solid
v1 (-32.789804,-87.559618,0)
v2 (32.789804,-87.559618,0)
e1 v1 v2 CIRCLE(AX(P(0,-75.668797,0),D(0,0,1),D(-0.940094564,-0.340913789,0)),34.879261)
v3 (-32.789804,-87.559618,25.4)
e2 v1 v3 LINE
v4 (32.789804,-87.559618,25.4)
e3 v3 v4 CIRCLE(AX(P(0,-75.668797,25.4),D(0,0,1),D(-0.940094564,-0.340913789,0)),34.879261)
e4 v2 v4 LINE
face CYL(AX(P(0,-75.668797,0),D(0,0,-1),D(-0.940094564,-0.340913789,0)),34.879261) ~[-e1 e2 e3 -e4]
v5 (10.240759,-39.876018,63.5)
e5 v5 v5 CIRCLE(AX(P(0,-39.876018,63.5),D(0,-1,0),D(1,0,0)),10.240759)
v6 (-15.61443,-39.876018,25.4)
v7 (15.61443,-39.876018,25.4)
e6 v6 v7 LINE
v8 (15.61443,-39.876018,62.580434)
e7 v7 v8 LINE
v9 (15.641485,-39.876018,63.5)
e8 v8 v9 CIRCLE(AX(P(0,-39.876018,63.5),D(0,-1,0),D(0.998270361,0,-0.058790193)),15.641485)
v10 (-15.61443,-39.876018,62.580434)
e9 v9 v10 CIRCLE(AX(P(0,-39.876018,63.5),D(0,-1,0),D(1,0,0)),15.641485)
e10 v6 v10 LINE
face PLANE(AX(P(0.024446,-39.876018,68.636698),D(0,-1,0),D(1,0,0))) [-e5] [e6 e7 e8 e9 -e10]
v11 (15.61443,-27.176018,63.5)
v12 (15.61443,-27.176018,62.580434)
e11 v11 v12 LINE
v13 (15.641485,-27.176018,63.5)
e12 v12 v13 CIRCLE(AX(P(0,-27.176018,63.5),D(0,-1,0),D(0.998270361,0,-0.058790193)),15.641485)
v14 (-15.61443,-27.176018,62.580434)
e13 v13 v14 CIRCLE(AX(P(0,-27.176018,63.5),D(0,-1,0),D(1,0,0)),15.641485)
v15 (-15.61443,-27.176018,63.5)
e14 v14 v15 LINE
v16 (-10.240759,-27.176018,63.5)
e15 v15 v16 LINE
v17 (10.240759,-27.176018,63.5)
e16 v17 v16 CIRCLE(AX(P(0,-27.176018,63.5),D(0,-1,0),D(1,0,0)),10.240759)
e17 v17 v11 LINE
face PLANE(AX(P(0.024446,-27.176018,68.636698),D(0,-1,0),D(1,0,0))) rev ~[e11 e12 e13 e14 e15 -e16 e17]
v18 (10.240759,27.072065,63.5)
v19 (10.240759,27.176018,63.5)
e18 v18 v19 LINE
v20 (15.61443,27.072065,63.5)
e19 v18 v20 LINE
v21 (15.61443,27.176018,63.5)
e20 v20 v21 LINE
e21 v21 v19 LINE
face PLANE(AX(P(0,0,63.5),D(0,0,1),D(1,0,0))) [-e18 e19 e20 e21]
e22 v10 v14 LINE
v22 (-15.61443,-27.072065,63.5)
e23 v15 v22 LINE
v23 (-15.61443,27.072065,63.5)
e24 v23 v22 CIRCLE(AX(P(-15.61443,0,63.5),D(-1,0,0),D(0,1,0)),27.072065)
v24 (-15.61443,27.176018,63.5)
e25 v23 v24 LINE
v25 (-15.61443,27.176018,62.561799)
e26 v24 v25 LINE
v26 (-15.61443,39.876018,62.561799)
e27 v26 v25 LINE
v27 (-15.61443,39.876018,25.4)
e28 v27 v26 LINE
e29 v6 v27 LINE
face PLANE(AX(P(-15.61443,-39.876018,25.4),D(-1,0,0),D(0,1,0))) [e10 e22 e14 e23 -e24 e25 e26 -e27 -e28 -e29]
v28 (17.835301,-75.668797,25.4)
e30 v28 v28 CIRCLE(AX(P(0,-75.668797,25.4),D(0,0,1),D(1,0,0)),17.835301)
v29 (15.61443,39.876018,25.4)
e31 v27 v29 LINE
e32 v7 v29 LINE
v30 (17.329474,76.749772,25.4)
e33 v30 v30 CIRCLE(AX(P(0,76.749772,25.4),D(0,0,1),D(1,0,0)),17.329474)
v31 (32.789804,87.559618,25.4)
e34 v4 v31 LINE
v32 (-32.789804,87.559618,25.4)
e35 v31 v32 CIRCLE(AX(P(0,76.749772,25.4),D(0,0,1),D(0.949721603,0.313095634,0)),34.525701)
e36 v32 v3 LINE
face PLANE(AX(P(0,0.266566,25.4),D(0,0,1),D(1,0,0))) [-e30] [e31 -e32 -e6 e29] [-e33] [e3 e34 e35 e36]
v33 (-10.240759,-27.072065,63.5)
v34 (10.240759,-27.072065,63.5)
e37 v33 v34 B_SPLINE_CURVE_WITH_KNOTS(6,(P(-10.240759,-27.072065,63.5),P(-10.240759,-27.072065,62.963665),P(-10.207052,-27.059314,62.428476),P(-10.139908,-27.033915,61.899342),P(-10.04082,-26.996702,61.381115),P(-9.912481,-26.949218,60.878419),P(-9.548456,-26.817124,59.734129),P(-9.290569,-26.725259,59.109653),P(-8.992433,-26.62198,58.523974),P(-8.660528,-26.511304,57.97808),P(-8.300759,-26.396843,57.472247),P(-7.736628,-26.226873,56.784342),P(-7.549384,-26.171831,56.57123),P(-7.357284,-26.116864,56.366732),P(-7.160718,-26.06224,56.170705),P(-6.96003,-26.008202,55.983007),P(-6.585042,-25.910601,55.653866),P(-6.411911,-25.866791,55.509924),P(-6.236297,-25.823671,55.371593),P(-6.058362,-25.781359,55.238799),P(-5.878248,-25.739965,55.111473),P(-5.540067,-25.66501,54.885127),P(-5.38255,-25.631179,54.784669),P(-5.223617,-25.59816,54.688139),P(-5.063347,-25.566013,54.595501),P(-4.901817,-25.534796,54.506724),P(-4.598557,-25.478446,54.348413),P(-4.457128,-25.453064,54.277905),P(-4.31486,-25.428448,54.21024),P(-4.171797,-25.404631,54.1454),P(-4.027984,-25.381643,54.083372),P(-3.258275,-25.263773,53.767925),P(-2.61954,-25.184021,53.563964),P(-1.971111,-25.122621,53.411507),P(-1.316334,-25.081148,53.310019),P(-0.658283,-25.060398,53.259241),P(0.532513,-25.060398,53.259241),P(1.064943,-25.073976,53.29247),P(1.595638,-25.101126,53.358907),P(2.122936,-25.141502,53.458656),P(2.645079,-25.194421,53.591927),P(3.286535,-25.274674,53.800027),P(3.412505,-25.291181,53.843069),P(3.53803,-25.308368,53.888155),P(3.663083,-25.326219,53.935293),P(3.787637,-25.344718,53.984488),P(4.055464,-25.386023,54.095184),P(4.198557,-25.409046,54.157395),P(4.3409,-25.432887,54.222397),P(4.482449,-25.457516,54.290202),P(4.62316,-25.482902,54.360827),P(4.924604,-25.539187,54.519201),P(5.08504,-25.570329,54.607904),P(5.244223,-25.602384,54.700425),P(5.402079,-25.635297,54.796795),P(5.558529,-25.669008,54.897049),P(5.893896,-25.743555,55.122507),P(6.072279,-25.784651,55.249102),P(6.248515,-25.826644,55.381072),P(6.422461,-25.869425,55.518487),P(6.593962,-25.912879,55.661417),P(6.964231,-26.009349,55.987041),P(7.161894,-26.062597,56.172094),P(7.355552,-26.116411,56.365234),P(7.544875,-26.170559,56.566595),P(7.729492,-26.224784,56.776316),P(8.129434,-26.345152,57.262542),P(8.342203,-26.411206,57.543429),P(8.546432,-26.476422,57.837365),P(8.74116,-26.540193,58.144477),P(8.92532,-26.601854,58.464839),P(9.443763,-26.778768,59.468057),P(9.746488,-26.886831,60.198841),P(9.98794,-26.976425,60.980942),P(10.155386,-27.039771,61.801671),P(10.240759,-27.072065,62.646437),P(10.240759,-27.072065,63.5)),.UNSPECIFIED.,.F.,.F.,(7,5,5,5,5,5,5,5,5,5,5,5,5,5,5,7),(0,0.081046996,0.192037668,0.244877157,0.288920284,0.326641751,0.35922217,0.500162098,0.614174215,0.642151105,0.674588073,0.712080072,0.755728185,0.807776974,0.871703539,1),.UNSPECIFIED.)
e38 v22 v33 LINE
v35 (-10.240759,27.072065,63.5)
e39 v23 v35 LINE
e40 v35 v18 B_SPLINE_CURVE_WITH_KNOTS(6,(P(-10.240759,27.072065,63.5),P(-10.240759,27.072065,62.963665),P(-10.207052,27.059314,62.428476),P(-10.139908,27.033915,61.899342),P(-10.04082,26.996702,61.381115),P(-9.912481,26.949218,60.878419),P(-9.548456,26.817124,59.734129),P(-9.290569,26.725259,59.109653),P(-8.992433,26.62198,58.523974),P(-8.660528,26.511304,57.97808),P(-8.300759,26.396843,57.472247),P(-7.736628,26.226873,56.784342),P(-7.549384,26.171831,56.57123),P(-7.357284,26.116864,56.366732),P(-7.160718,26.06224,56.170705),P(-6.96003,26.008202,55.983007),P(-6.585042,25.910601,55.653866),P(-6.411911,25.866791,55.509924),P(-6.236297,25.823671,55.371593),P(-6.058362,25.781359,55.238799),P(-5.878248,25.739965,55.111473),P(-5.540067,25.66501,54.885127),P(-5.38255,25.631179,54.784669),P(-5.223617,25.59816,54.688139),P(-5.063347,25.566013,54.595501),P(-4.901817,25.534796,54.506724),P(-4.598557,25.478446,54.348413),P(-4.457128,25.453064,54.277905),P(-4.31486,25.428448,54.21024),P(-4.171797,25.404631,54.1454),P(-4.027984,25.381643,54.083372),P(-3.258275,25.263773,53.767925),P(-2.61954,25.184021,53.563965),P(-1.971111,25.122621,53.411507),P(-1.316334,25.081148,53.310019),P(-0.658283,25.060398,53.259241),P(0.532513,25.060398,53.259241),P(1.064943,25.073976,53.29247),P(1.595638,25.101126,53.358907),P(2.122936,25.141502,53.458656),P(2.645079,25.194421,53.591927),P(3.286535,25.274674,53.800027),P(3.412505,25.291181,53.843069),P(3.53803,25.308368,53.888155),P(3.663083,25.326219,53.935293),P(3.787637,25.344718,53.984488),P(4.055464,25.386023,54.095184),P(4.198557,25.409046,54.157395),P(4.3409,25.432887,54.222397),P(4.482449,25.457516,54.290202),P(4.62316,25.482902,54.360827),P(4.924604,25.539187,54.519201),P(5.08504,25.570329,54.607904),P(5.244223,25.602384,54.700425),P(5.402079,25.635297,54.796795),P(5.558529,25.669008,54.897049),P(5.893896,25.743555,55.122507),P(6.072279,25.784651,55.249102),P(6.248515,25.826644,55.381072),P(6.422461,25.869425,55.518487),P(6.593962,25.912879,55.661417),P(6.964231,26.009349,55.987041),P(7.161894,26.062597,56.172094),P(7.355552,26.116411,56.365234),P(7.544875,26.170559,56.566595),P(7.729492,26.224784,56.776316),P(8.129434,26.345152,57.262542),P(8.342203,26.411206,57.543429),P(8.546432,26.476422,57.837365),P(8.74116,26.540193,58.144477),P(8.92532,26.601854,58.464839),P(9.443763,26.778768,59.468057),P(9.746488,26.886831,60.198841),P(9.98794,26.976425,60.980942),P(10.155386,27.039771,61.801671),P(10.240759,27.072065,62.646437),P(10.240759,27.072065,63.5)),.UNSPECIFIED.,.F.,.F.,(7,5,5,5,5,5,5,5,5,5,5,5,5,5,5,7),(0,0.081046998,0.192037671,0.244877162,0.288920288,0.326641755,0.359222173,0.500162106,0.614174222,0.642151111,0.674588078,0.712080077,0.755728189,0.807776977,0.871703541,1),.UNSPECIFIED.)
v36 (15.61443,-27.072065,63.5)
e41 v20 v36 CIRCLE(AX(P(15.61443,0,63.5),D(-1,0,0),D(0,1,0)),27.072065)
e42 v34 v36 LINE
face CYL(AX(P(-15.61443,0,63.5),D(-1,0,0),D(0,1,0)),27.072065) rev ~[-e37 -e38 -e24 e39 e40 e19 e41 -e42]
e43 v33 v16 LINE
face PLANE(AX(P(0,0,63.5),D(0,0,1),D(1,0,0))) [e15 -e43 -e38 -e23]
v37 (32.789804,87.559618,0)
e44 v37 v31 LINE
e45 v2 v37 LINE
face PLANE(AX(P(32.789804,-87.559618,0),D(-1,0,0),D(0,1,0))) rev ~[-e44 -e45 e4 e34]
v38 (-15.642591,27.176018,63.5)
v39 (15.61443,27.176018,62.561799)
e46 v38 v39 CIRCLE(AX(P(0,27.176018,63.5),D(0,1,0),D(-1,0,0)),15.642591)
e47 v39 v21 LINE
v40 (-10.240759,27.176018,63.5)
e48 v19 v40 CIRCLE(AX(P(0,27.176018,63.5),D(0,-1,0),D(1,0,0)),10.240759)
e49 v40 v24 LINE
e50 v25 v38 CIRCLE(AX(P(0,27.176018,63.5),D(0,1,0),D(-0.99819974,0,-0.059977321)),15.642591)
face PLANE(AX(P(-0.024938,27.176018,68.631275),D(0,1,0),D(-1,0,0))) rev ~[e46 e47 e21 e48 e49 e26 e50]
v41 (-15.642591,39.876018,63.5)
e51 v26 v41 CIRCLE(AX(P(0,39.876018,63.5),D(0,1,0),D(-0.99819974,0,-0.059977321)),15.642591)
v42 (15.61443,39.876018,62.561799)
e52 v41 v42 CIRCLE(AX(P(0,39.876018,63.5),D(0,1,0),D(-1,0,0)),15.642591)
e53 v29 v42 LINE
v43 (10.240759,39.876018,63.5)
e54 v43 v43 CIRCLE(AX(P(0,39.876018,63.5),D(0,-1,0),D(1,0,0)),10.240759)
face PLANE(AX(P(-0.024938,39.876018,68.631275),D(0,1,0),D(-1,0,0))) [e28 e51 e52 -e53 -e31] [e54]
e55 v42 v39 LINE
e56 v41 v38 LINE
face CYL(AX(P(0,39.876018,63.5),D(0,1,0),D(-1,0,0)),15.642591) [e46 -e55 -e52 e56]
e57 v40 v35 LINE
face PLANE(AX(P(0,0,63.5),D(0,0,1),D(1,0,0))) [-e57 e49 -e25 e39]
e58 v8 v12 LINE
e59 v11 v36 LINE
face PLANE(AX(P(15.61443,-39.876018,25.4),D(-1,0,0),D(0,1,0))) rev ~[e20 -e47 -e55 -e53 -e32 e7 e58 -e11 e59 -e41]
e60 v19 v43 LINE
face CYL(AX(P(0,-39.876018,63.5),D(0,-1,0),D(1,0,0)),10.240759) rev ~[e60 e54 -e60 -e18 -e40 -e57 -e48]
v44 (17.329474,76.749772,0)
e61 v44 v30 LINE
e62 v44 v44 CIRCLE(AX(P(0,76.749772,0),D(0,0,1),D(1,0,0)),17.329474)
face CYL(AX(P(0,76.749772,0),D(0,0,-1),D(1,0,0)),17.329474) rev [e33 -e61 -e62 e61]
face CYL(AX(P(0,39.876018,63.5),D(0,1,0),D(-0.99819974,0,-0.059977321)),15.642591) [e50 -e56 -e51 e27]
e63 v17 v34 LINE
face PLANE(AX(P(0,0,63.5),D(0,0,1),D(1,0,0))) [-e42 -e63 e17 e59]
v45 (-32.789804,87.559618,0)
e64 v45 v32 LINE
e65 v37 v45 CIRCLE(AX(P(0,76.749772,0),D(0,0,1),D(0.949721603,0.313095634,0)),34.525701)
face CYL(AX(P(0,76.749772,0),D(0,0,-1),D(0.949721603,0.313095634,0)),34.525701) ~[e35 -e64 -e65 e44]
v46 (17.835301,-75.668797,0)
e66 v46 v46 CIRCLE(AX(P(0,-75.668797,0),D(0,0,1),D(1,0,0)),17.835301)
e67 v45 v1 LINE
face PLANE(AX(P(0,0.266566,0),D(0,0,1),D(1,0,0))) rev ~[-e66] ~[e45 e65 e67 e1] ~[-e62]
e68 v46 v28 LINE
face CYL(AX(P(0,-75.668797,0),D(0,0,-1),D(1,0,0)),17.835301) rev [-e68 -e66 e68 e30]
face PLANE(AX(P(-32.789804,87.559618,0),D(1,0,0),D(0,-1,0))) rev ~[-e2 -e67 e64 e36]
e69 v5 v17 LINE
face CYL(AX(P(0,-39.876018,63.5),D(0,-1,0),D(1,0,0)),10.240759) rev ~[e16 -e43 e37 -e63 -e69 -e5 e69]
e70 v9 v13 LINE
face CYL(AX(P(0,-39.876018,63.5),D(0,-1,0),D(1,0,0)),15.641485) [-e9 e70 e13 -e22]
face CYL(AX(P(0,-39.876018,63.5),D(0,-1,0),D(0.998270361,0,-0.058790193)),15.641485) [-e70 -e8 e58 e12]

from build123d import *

# Parameters (mm, degrees)
F0_R      = 17.8353013773
F0_R_2    = 17.3294738688
F1_DEPTH  = 25.4
F2_W      = 31.2288608402
F2_H      = 79.752035439
F3_DEPTH  = 38.1
F5_DEPTH  = 50.8
F7_DEPTH  = 12.7
F9_DEPTH  = 12.7
F10_R     = 10.2407588529
F11_DEPTH = 1270


with BuildPart() as f1:
    # F0 (on Top) → F1 (new body)
    with BuildSketch(Plane.XY):
        with BuildLine():
            Line((32.7898040414, -87.5596180558), (32.7898040414, 87.5596180558))
            ThreePointArc((32.7898040414, 87.5596180558), (0, 111.2754727593), (-32.7898040414, 87.5596180558))
            Line((-32.7898040414, 87.5596180558), (-32.7898040414, -87.5596180558))
            ThreePointArc((-32.7898040414, -87.5596180558), (0, -110.5480583126), (32.7898040414, -87.5596180558))
        make_face()
        with Locations((0, -75.6687968969)):
            Circle(F0_R, mode=Mode.SUBTRACT)
        with Locations((0, 76.7497718334)):
            Circle(F0_R_2, mode=Mode.SUBTRACT)
    extrude(amount=F1_DEPTH)

    # F2 (on face) → F3 (join)
    with BuildSketch(Plane.XY.offset(25.4)):
        Rectangle(F2_W, F2_H)
    extrude(amount=F3_DEPTH)

    # F4 (on face) → F5 (cut)
    with BuildSketch(Plane(origin=(-15.6144304201, 0, 0), x_dir=(0, -1, 0), z_dir=(-1, 0, 0))):
        with BuildLine():
            ThreePointArc((-27.0720647406, 63.5), (0, 36.4279352594), (27.0720647406, 63.5))
            Line((27.0720647406, 63.5), (-27.0720647406, 63.5))
        make_face()
    extrude(amount=-F5_DEPTH, mode=Mode.SUBTRACT)

    # F6 (on face) → F7 (join)
    with BuildSketch(Plane(origin=(0, 39.8760177195, 0), x_dir=(-1, 0, 0), z_dir=(0, 1, 0))):
        with BuildLine():
            ThreePointArc((15.6144304201, 62.5617992852), (15.6355493835, 63.0306883743), (15.6425911513, 63.5))
            ThreePointArc((15.6425911513, 63.5), (-0.4693116257, 79.1355493835), (-15.6144304201, 62.5617992852))
            Line((-15.6144304201, 62.5617992852), (-15.6144304201, 63.5))
            Line((-15.6144304201, 63.5), (15.6144304201, 63.5))
            Line((15.6144304201, 63.5), (15.6144304201, 62.5617992852))
        make_face()
    extrude(amount=-F7_DEPTH)

    # F8 (on face) → F9 (join)
    with BuildSketch(Plane.XZ.offset(39.8760177195)):
        with BuildLine():
            ThreePointArc((15.6144304201, 62.5804341006), (15.6347195512, 63.0400181066), (15.6414845455, 63.5))
            ThreePointArc((15.6414845455, 63.5), (-0.4599818934, 79.1347195512), (-15.6144304201, 62.5804341006))
            Line((-15.6144304201, 62.5804341006), (-15.6144304201, 63.5))
            Line((-15.6144304201, 63.5), (15.6144304201, 63.5))
            Line((15.6144304201, 63.5), (15.6144304201, 62.5804341006))
        make_face()
    extrude(amount=-F9_DEPTH)

    # F10 (on face) → F11 (cut)
    with BuildSketch(Plane.XZ.offset(39.8760177195)):
        with Locations((0, 63.5)):
            Circle(F10_R)
    extrude(amount=-F11_DEPTH, mode=Mode.SUBTRACT)


solid = f1.part
